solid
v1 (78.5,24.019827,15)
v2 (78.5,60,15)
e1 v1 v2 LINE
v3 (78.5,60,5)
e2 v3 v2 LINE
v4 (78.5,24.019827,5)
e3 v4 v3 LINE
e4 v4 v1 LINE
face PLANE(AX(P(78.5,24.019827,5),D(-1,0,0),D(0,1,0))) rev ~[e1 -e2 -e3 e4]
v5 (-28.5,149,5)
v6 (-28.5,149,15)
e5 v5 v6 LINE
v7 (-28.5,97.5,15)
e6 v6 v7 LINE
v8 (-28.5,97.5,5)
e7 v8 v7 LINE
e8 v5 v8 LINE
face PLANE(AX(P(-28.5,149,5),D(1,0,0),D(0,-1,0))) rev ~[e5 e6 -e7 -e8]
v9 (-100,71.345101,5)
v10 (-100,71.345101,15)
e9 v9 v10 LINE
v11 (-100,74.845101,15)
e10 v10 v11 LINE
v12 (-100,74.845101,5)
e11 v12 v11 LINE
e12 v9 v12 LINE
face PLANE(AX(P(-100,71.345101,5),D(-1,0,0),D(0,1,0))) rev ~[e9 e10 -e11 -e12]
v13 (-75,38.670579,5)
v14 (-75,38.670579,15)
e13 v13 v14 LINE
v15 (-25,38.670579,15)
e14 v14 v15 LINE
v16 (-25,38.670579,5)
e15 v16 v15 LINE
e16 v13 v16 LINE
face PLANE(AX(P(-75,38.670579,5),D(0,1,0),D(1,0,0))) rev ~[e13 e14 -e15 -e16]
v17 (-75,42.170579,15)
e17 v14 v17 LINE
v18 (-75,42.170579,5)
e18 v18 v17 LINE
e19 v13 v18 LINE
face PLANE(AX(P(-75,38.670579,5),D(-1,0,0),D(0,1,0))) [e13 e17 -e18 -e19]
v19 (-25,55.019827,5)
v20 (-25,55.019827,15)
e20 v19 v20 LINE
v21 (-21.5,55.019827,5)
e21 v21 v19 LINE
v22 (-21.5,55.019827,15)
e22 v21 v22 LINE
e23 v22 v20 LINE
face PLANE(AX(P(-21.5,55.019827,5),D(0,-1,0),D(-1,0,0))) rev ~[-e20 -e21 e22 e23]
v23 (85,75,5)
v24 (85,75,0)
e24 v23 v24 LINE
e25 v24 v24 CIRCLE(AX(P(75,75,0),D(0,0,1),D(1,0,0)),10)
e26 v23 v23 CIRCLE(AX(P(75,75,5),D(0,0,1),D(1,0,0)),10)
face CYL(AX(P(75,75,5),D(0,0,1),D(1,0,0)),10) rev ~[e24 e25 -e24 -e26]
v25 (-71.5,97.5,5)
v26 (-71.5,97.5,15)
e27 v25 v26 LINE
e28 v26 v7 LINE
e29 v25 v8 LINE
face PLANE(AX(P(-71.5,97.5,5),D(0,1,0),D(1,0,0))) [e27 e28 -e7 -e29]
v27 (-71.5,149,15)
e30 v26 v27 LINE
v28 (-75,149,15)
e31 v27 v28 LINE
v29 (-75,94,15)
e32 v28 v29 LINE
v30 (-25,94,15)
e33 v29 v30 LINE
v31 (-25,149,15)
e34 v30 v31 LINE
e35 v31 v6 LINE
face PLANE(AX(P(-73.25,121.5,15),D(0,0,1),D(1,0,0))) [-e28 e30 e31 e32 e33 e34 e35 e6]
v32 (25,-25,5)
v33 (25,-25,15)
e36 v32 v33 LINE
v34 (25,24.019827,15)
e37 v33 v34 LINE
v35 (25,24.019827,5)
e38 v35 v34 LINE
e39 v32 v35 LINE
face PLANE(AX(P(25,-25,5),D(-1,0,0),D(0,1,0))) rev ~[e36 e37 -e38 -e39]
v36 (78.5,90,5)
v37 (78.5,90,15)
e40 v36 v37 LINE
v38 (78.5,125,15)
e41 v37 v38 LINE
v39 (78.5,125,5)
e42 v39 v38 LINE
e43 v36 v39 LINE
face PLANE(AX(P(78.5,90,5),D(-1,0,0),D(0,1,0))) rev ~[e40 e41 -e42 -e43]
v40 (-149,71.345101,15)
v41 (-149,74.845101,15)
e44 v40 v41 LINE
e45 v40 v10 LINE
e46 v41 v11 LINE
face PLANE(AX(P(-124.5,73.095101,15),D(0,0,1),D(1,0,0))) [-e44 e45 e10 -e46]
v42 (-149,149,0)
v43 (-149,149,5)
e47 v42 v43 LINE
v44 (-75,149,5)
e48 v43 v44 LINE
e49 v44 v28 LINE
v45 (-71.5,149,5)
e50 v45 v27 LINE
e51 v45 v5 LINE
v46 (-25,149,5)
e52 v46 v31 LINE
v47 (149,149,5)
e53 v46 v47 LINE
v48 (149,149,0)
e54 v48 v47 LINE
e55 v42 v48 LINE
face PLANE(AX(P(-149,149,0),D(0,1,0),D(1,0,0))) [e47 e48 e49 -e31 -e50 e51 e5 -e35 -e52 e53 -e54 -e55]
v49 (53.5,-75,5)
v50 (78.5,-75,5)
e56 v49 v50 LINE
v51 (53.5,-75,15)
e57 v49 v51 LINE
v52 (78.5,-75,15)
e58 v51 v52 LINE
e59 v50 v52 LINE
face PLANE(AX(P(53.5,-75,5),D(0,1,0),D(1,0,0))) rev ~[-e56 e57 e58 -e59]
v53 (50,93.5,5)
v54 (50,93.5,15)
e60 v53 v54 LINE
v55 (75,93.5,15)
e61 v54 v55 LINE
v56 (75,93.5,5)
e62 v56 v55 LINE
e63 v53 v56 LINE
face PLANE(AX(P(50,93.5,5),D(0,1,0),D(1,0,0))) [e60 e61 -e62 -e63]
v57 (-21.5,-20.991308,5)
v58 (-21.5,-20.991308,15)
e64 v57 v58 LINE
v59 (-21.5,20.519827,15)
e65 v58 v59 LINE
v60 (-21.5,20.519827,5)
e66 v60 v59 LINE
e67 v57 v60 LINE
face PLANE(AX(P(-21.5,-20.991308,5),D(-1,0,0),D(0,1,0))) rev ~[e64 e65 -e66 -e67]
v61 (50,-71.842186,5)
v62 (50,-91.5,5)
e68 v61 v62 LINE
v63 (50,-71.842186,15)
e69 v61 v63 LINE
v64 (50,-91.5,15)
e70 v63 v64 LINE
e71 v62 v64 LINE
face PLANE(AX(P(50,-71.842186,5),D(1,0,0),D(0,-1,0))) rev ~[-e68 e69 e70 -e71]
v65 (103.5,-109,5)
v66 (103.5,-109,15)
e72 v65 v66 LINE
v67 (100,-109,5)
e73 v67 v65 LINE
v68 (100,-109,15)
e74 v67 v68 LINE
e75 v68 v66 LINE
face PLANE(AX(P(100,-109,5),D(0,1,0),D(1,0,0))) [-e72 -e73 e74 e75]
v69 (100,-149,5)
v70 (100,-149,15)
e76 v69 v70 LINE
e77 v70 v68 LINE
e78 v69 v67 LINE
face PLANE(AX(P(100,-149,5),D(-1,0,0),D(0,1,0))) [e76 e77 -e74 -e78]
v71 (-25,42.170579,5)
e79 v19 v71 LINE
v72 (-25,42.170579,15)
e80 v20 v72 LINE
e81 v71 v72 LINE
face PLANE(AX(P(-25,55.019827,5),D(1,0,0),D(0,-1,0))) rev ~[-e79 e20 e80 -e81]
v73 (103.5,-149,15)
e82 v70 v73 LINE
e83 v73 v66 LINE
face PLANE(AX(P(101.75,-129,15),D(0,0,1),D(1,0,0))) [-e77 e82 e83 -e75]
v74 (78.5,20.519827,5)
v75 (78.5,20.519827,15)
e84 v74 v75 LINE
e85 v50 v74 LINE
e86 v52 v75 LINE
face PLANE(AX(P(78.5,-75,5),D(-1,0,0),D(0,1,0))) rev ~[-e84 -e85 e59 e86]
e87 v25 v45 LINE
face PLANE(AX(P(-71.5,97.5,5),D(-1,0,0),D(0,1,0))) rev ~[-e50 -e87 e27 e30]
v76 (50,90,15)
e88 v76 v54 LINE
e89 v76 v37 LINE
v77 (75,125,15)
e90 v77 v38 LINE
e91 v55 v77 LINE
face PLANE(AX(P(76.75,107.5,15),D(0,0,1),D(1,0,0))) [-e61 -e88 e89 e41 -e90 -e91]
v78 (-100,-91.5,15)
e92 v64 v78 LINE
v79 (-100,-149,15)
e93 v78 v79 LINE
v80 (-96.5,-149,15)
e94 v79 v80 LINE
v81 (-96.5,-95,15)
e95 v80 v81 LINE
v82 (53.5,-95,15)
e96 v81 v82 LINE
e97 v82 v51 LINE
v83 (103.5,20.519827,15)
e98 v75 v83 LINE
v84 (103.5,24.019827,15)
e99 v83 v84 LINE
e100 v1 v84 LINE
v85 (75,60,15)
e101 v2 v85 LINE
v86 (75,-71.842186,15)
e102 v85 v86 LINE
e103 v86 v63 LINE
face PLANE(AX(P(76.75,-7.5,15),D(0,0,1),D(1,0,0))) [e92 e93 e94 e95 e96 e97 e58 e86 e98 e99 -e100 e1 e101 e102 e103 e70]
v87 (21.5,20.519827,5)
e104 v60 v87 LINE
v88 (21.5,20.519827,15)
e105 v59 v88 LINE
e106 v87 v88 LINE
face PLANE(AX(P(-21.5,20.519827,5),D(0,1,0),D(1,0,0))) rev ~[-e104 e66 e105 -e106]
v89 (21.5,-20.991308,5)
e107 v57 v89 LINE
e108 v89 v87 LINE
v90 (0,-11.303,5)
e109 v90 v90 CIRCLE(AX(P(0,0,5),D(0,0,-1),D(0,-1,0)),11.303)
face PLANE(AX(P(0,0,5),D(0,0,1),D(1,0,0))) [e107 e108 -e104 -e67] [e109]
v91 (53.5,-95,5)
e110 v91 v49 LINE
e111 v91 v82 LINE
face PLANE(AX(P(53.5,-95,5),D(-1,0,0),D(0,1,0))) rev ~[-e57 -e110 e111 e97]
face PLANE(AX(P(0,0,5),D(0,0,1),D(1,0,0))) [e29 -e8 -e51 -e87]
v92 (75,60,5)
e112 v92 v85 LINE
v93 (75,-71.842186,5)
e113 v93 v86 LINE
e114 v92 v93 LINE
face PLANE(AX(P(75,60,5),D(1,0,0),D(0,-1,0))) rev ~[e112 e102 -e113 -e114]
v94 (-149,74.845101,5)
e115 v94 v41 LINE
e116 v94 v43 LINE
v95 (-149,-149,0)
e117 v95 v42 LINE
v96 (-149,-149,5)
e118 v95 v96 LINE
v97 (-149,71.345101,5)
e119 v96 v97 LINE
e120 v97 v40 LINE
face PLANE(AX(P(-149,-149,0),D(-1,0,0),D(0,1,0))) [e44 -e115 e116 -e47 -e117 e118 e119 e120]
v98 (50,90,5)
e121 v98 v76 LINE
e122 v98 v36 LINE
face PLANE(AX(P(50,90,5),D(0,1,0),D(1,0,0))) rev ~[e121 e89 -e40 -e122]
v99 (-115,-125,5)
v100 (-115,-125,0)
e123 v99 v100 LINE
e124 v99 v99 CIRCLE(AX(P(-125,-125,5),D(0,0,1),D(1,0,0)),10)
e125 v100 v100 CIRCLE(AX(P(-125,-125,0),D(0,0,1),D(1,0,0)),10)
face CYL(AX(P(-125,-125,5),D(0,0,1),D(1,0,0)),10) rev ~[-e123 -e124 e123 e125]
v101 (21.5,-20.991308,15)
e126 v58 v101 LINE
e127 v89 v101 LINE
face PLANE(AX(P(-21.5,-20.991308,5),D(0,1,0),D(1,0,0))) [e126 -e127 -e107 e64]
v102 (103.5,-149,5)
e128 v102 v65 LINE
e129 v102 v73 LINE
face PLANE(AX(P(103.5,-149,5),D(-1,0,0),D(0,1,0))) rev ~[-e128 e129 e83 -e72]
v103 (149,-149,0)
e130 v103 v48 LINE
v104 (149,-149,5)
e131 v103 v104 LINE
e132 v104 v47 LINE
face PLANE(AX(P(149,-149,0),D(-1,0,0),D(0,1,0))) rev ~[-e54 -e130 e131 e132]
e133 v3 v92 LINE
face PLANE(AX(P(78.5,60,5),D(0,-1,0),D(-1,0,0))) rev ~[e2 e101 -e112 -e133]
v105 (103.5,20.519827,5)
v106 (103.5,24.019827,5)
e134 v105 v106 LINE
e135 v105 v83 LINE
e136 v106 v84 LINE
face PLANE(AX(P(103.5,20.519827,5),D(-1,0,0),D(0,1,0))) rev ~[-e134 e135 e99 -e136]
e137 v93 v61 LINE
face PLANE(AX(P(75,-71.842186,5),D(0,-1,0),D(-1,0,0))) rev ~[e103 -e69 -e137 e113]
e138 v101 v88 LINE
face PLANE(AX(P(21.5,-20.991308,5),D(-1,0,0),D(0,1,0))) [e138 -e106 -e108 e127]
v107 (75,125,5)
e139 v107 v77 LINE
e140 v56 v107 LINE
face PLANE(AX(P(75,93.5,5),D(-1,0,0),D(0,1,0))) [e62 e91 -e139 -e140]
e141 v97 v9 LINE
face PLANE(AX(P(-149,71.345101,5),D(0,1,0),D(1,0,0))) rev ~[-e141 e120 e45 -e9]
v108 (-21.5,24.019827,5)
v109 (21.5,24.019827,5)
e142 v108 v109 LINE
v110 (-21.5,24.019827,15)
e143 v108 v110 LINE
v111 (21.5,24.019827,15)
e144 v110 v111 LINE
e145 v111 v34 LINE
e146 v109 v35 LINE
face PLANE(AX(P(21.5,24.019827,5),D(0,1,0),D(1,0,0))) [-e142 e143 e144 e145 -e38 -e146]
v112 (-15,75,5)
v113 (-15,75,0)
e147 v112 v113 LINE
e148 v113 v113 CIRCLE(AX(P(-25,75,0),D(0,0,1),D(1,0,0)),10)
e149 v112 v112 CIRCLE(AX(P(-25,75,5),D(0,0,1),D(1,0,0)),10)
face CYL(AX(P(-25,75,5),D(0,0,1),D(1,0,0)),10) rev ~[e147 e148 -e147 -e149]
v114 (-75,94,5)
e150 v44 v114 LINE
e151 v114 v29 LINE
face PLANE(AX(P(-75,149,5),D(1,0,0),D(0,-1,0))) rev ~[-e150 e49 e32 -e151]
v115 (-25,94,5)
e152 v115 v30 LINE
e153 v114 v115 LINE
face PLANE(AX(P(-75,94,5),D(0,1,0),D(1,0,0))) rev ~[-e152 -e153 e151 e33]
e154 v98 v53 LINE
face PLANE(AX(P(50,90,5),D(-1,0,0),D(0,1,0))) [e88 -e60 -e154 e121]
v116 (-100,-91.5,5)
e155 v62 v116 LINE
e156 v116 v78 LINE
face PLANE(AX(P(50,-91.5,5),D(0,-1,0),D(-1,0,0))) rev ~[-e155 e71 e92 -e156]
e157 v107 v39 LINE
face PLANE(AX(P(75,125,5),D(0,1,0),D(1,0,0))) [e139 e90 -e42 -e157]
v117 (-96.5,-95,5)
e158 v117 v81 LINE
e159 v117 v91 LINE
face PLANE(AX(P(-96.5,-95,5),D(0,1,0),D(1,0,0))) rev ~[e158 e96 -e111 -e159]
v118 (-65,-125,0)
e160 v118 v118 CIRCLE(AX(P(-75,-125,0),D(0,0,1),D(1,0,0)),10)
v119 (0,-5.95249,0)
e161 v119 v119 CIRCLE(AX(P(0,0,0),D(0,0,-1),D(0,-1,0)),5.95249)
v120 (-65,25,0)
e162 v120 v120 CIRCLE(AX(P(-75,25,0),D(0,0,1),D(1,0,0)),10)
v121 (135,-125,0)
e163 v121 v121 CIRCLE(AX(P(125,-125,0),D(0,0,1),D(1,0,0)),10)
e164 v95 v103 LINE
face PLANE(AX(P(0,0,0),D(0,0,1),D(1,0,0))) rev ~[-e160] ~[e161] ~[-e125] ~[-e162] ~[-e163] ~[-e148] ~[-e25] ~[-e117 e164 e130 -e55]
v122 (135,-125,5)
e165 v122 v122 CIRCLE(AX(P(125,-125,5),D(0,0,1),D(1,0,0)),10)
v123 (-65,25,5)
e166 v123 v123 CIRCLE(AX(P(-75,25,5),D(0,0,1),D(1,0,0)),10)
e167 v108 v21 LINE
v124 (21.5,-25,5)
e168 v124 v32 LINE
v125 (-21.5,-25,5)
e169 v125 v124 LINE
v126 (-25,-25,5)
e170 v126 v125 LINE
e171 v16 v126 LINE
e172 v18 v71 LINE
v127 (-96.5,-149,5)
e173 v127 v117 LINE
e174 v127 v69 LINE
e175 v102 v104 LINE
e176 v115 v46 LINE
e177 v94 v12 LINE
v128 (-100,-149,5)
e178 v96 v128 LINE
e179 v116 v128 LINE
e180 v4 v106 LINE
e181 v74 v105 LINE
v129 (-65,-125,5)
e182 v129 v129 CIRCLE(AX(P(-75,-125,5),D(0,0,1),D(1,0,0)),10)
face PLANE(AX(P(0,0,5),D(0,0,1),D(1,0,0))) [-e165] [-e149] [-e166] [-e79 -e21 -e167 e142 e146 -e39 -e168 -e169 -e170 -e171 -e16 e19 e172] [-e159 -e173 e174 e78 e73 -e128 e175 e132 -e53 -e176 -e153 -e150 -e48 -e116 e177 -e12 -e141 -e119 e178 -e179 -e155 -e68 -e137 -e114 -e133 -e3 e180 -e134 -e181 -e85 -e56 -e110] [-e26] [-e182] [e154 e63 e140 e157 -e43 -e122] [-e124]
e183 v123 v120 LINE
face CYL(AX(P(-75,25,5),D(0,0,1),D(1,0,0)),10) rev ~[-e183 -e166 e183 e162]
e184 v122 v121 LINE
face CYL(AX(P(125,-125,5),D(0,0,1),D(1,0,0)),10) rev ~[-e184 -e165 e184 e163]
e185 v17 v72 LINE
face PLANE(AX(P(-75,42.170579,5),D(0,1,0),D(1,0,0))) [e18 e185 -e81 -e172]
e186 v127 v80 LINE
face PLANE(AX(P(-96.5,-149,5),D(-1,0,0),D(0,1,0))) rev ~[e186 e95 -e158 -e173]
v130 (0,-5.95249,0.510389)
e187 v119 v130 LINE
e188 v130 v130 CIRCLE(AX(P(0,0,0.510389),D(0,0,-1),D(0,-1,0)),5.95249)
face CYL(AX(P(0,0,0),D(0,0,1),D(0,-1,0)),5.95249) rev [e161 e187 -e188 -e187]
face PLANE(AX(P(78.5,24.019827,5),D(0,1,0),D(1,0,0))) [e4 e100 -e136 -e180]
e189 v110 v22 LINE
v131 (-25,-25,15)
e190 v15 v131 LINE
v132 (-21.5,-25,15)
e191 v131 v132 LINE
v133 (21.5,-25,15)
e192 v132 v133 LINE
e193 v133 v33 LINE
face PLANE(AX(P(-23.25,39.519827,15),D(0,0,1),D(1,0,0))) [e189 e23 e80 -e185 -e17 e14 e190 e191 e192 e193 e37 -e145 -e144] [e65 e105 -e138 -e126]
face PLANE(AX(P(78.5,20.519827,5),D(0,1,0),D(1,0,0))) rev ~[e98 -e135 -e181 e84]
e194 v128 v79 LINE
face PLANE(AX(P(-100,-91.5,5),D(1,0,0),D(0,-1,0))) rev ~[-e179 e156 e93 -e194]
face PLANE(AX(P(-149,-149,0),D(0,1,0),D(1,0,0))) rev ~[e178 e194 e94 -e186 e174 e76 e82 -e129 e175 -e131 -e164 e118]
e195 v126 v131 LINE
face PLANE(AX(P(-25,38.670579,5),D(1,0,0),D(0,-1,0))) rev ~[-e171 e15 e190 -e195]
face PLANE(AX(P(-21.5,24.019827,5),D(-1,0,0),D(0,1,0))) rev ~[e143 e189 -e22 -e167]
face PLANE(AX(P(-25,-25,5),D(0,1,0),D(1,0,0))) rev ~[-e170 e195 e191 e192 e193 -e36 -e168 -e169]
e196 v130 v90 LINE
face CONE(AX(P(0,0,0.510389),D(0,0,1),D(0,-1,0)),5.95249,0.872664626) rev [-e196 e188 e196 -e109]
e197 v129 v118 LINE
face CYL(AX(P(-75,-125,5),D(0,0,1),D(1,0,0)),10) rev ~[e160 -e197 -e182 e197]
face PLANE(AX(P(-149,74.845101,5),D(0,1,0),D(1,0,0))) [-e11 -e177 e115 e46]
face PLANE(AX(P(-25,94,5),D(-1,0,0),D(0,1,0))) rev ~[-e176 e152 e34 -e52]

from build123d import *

# Parameters (mm, degrees)
SKETCH3_W           = 298
SKETCH3_H           = 298
BOSS_EXTRUDE2_DEPTH = 5
SKETCH4_R           = 10
CUT_EXTRUDE5_DEPTH  = 56
SKETCH5_W           = 43
SKETCH5_H           = 3.5
SKETCH5_W_2         = 49
SKETCH5_W_3         = 3.5
SKETCH5_H_2         = 49.019827061
SKETCH5_H_3         = 4.008691654
SKETCH5_W_4         = 25
SKETCH5_H_4         = 35
SKETCH5_H_5         = 16.5
SKETCH5_H_6         = 40
SKETCH5_W_5         = 50
BOSS_EXTRUDE6_DEPTH = 10


with BuildPart() as part:
    # Sketch3 → Boss-Extrude2 (new body)
    with BuildSketch(Plane.XY):
        Rectangle(SKETCH3_W, SKETCH3_H)
    extrude(amount=BOSS_EXTRUDE2_DEPTH)

    # Sketch4 → Cut-Extrude5 (cut)
    with BuildSketch(Plane.XY.offset(5)):
        with Locations((-75, 25)):
            Circle(SKETCH4_R)
        with Locations((-25, 75)):
            Circle(SKETCH4_R)
        with Locations((75, 75)):
            Circle(SKETCH4_R)
        with Locations((-75, -125)):
            Circle(SKETCH4_R)
        with Locations((-125, -125)):
            Circle(SKETCH4_R)
        with Locations((125, -125)):
            Circle(SKETCH4_R)
    extrude(amount=-CUT_EXTRUDE5_DEPTH, mode=Mode.SUBTRACT)

    # Sketch5 → Boss-Extrude6 (add)
    with BuildSketch(Plane.XY.offset(5)):
        Polygon((-71.5, 149), (-75, 149), (-75, 94), (-71.5, 94), (-71.5, 97.5), align=None)
        with Locations((-50, 95.75)):
            Rectangle(SKETCH5_W, SKETCH5_H)
        Polygon((-25, 149), (-28.5, 149), (-28.5, 97.5), (-28.5, 94), (-25, 94), align=None)
        with Locations((-124.5, 73.095100697)):
            Rectangle(SKETCH5_W_2, SKETCH5_H)
        Polygon((-25, 38.670579352), (-25, 24.019827061), (-21.5, 24.019827061), (-21.5, 55.019827061), (-25, 55.019827061), (-25, 42.170579352), align=None)
        with Locations((-23.25, -0.490086469)):
            Rectangle(SKETCH5_W_3, SKETCH5_H_2)
        with Locations((0, 22.269827061)):
            Rectangle(SKETCH5_W, SKETCH5_H)
        with Locations((23.25, -0.490086469)):
            Rectangle(SKETCH5_W_3, SKETCH5_H_2)
        with Locations((0, -22.995654173)):
            Rectangle(SKETCH5_W, SKETCH5_H_3)
        Polygon((75, -71.842185644), (75, -75), (78.5, -75), (78.5, 20.519827061), (78.5, 24.019827061), (78.5, 60), (75, 60), align=None)
        with Locations((91, 22.269827061)):
            Rectangle(SKETCH5_W_4, SKETCH5_H)
        with Locations((76.75, 107.5)):
            Rectangle(SKETCH5_W_3, SKETCH5_H_4)
        with Locations((62.5, 91.75)):
            Rectangle(SKETCH5_W_4, SKETCH5_H)
        Polygon((50, -71.842185644), (50, -75), (53.5, -75), (75, -75), (75, -71.842185644), align=None)
        with Locations((51.75, -83.25)):
            Rectangle(SKETCH5_W_3, SKETCH5_H_5)
        Polygon((-96.5, -91.5), (-96.5, -95), (53.5, -95), (53.5, -91.5), (50, -91.5), align=None)
        Polygon((-100, -91.5), (-100, -149), (-96.5, -149), (-96.5, -95), (-96.5, -91.5), align=None)
        with Locations((101.75, -129)):
            Rectangle(SKETCH5_W_3, SKETCH5_H_6)
        with Locations((-50, 40.420579352)):
            Rectangle(SKETCH5_W_5, SKETCH5_H)
    extrude(amount=BOSS_EXTRUDE6_DEPTH)

    # Sketch7 → CSK for 7/16 Flat Head Machine Screw (100)1 (revolve, cut)
    with BuildSketch(Plane(origin=(0, 0, 5), x_dir=(0, -1, 0), z_dir=(1, 0, 0))):
        Polygon((0, 0), (0, 5), (5.95249, 5), (5.95249, 4.489610968), (11.303, 0), align=None)
    revolve(axis=Axis((0, 0, 11.35), (0, 0, -1)), mode=Mode.SUBTRACT)


solid = part.part
